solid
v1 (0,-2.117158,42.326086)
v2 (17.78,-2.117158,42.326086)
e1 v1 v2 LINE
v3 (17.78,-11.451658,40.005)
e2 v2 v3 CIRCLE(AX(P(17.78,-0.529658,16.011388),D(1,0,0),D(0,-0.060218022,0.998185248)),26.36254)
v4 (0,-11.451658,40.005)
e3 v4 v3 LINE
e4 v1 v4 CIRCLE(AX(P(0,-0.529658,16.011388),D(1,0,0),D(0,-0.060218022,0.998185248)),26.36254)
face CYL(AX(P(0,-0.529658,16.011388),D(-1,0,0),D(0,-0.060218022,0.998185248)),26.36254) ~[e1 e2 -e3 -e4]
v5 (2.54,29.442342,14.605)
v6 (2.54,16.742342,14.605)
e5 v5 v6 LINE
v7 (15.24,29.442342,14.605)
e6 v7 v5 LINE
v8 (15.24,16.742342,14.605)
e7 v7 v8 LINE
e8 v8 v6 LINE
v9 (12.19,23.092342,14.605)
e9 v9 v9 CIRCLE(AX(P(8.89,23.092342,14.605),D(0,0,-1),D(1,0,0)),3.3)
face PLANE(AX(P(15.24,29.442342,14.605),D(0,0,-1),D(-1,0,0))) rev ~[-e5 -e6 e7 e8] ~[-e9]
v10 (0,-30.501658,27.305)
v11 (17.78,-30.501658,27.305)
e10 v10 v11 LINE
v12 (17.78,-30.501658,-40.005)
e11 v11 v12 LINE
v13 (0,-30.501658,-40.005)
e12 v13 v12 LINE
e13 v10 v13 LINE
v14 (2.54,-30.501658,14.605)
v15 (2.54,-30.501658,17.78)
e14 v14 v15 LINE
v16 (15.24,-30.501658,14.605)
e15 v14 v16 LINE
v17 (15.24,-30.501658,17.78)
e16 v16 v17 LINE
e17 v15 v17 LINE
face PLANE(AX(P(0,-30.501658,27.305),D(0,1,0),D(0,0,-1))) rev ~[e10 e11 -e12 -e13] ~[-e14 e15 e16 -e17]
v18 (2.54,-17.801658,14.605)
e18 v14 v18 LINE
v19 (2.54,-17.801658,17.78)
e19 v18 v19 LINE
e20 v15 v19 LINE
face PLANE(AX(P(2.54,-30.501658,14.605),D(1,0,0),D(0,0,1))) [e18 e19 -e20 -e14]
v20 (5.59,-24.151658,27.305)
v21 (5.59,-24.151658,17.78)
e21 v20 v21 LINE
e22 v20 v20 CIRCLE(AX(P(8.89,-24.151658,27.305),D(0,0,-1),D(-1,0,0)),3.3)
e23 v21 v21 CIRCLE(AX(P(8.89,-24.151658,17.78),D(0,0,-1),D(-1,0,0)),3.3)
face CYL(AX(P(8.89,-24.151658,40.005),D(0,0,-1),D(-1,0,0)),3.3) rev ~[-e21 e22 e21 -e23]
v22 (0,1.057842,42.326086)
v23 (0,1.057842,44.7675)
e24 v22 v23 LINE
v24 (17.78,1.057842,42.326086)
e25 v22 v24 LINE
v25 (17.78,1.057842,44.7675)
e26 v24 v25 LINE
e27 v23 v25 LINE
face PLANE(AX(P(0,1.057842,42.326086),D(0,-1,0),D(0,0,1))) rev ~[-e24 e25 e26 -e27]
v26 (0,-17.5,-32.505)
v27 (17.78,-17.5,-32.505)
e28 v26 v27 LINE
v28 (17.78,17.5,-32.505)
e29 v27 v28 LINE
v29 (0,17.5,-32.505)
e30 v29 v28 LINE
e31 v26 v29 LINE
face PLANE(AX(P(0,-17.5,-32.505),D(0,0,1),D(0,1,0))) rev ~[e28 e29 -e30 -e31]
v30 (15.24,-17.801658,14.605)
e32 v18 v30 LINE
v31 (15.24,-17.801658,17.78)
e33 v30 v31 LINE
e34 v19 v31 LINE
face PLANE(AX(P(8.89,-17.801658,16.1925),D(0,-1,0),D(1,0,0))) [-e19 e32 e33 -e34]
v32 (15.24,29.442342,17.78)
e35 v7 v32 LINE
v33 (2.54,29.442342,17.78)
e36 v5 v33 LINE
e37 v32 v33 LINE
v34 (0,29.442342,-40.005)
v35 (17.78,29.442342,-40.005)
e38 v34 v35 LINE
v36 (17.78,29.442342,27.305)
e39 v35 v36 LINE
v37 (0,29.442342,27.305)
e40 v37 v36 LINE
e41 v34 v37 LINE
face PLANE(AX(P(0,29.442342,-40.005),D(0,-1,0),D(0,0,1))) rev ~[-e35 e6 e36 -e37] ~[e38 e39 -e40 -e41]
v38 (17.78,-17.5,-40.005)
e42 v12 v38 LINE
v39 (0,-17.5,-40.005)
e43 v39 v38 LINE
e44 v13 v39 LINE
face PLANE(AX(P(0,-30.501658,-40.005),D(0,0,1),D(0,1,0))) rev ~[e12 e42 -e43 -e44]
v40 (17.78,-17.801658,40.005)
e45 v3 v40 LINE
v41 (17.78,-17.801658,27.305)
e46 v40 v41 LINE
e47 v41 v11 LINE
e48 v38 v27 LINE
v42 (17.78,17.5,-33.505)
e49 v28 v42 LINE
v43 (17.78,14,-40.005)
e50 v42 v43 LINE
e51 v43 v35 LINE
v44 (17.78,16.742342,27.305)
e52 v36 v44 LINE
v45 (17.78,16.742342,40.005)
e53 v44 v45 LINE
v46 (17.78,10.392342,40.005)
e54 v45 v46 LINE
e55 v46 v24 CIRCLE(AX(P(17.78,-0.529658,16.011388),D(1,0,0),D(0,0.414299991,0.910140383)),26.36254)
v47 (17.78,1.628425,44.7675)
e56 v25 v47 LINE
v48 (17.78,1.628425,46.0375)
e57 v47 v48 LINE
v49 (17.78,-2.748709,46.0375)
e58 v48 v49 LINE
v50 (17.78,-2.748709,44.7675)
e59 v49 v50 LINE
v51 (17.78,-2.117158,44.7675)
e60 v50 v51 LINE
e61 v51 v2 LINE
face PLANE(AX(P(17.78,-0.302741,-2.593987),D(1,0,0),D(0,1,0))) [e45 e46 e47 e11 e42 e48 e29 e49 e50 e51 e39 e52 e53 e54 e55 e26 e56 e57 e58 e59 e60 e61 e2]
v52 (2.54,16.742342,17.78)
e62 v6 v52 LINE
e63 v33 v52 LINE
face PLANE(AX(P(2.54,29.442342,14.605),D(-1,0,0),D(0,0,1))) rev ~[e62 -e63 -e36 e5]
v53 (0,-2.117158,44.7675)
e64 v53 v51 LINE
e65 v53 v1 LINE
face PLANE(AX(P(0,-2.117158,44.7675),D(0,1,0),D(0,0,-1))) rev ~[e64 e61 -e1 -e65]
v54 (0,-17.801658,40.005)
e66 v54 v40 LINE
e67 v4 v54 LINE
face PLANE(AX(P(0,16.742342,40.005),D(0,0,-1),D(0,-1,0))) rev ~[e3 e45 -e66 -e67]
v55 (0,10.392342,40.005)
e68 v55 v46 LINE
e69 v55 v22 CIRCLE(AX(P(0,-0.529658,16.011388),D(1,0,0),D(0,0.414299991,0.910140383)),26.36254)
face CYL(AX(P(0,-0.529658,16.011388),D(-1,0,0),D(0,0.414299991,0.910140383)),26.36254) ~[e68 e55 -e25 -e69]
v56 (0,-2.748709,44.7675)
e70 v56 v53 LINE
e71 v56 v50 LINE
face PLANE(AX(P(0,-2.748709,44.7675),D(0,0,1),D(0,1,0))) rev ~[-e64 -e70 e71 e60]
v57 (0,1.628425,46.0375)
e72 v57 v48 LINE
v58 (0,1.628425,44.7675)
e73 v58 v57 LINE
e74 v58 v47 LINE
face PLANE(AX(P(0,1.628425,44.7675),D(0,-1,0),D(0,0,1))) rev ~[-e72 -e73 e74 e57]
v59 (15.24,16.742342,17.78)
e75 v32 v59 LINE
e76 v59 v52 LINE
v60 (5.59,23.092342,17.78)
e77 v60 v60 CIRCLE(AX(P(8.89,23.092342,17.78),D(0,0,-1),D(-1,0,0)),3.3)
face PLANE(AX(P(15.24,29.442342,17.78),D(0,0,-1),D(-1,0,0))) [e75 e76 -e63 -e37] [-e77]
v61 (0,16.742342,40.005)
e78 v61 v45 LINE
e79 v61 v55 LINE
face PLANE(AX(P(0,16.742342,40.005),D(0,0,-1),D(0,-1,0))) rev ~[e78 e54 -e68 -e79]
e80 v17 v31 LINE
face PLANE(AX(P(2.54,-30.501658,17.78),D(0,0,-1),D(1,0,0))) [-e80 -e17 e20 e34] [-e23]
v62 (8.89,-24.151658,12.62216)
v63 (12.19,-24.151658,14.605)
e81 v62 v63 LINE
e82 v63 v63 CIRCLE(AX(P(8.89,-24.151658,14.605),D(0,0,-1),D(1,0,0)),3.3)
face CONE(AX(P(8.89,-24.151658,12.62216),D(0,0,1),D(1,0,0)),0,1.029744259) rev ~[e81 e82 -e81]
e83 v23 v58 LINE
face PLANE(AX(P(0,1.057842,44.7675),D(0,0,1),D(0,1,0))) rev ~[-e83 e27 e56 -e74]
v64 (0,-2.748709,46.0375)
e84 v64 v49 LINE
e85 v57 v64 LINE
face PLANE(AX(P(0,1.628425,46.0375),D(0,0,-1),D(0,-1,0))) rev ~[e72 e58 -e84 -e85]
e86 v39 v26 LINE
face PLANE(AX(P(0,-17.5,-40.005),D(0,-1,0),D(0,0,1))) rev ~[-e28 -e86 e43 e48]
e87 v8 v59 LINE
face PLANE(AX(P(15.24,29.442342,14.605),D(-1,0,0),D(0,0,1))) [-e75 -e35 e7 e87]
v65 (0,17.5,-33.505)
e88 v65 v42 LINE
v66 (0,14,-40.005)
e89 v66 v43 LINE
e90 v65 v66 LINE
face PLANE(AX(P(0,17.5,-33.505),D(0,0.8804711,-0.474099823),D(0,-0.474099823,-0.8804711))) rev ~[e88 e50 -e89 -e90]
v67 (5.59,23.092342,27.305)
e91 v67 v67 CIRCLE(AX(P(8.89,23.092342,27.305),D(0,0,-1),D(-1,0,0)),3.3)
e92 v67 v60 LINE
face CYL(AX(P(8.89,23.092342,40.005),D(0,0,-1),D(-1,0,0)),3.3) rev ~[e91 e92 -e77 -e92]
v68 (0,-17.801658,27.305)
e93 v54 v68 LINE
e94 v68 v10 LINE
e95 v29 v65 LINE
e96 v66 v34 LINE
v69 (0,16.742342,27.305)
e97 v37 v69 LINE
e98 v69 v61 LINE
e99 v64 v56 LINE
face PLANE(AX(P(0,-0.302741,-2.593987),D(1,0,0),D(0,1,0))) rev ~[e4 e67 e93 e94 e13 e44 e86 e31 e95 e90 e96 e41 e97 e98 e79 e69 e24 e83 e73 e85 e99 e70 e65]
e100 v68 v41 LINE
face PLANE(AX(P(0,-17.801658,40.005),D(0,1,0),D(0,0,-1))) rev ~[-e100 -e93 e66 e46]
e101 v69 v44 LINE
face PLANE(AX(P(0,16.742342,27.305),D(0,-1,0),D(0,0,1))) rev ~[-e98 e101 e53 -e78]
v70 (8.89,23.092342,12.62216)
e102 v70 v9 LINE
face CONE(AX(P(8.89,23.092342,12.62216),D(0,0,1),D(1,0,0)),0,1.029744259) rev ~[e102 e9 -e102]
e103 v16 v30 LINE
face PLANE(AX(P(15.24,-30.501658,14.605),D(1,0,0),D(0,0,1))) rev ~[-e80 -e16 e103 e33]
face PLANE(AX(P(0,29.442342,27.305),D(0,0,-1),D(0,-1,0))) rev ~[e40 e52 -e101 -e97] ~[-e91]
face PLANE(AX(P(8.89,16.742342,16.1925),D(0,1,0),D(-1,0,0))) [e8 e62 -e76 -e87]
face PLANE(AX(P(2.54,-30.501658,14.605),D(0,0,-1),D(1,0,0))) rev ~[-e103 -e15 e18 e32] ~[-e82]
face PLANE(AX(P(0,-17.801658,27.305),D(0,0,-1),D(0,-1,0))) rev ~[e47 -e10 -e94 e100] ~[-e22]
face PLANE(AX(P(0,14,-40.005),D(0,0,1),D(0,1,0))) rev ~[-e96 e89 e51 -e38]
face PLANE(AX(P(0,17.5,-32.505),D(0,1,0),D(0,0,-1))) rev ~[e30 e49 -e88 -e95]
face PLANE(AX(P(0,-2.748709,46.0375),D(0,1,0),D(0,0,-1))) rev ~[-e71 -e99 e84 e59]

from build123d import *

# Parameters (mm, degrees)
F1_DEPTH       = 17.78
F0_W           = 3.175
F0_H           = 0.3175
F2_DEPTH       = 17.78
F5_D           = 6.6
F5_DEPTH       = 12.7
F5_TIP         = 1.9828400428
F5_ON_F3_D     = 6.6
F5_ON_F3_DEPTH = 12.7
F5_ON_F3_TIP   = 1.9828400428
F6_W           = 12.7
F6_H           = 3.175
F8_DEPTH       = 12.7
F7_W           = 12.7
F7_H           = 3.175
F9_DEPTH       = 12.7


with BuildPart() as f1:
    # F0 (on Right) → F1 (new body)
    with BuildSketch(Plane.YZ):
        Polygon((-11.4516578615, 40.005), (-17.8016578615, 40.005), (-17.8016578615, 27.305), (-30.5016578615, 27.305), (-30.5016578615, -40.005), (-17.5, -40.005), (-17.5, -33.505), (-17.5, -32.505), (17.5, -32.505), (17.5, -33.505), (14, -40.005), (29.4423421385, -40.005), (29.4423421385, 27.305), (16.7423421385, 27.305), (16.7423421385, 40.005), (10.3923421385, 40.005), (1.0578421385, 40.005), (-0.5296578615, 40.005), (-2.1171578615, 40.005), align=None)
    extrude(amount=F1_DEPTH)

    # F0 (on Right) → F2 (join, through all)
    with BuildSketch(Plane.YZ):
        with BuildLine():
            ThreePointArc((10.3923421385, 40.005), (5.8318480853, 41.5948737402), (1.0578421385, 42.3260862531))
            Line((1.0578421385, 42.3260862531), (1.0578421385, 40.005))
            Line((1.0578421385, 40.005), (10.3923421385, 40.005))
        make_face()
        with BuildLine():
            Line((-2.1171578615, 42.3260862531), (-2.1171578615, 40.005))
            Line((-2.1171578615, 40.005), (-0.5296578615, 40.005))
            Line((-0.5296578615, 40.005), (1.0578421385, 40.005))
            Line((1.0578421385, 40.005), (1.0578421385, 42.3260862531))
            ThreePointArc((1.0578421385, 42.3260862531), (-0.5296578615, 42.3739277182), (-2.1171578615, 42.3260862531))
        make_face()
        with BuildLine():
            ThreePointArc((-2.1171578615, 42.3260862531), (-6.8911638083, 41.5948737402), (-11.4516578615, 40.005))
            Line((-11.4516578615, 40.005), (-2.1171578615, 40.005))
            Line((-2.1171578615, 40.005), (-2.1171578615, 42.3260862531))
        make_face()
        with BuildLine():
            Line((-2.1171578615, 44.7675), (-2.1171578615, 42.3260862531))
            ThreePointArc((-2.1171578615, 42.3260862531), (-0.5296578615, 42.3739277182), (1.0578421385, 42.3260862531))
            Line((1.0578421385, 42.3260862531), (1.0578421385, 44.7675))
            Line((1.0578421385, 44.7675), (-2.1171578615, 44.7675))
        make_face()
        with Locations((-0.5296578615, 44.92625)):
            Rectangle(F0_W, F0_H)
        Polygon((-2.7487089392, 44.7675), (-2.1171578615, 44.7675), (-2.1171578615, 45.085), (1.0578421385, 45.085), (1.0578421385, 44.7675), (1.628424623, 44.7675), (1.628424623, 46.0375), (-2.7487089392, 46.0375), align=None)
    extrude(amount=F2_DEPTH)

    # F5
    with Locations(Plane.XY.offset(27.305)):
        with Locations((8.89, 23.0923421385)):
            Hole(F5_D / 2, depth=F5_DEPTH)
            with Locations((0, 0, -(F5_DEPTH + F5_TIP / 2))):  # 118° drill point
                Cone(0, F5_D / 2, F5_TIP, mode=Mode.SUBTRACT)

    # F5 on F3
    with Locations(Plane.XY.offset(27.305)):
        with Locations((8.89, -24.1516578615)):
            Hole(F5_ON_F3_D / 2, depth=F5_ON_F3_DEPTH)
            with Locations((0, 0, -(F5_ON_F3_DEPTH + F5_ON_F3_TIP / 2))):  # 118° drill point
                Cone(0, F5_ON_F3_D / 2, F5_ON_F3_TIP, mode=Mode.SUBTRACT)

    # F6 (on face) → F8 (cut)
    with BuildSketch(Plane.XZ.offset(30.5016578615)):
        with Locations((8.89, 16.1925)):
            Rectangle(F6_W, F6_H)
    extrude(amount=-F8_DEPTH, mode=Mode.SUBTRACT)

    # F7 (on face) → F9 (cut)
    with BuildSketch(Plane(origin=(0, 29.4423421385, 0), x_dir=(-1, 0, 0), z_dir=(0, 1, 0))):
        with Locations((-8.89, 16.1925)):
            Rectangle(F7_W, F7_H)
    extrude(amount=-F9_DEPTH, mode=Mode.SUBTRACT)


solid = f1.part
